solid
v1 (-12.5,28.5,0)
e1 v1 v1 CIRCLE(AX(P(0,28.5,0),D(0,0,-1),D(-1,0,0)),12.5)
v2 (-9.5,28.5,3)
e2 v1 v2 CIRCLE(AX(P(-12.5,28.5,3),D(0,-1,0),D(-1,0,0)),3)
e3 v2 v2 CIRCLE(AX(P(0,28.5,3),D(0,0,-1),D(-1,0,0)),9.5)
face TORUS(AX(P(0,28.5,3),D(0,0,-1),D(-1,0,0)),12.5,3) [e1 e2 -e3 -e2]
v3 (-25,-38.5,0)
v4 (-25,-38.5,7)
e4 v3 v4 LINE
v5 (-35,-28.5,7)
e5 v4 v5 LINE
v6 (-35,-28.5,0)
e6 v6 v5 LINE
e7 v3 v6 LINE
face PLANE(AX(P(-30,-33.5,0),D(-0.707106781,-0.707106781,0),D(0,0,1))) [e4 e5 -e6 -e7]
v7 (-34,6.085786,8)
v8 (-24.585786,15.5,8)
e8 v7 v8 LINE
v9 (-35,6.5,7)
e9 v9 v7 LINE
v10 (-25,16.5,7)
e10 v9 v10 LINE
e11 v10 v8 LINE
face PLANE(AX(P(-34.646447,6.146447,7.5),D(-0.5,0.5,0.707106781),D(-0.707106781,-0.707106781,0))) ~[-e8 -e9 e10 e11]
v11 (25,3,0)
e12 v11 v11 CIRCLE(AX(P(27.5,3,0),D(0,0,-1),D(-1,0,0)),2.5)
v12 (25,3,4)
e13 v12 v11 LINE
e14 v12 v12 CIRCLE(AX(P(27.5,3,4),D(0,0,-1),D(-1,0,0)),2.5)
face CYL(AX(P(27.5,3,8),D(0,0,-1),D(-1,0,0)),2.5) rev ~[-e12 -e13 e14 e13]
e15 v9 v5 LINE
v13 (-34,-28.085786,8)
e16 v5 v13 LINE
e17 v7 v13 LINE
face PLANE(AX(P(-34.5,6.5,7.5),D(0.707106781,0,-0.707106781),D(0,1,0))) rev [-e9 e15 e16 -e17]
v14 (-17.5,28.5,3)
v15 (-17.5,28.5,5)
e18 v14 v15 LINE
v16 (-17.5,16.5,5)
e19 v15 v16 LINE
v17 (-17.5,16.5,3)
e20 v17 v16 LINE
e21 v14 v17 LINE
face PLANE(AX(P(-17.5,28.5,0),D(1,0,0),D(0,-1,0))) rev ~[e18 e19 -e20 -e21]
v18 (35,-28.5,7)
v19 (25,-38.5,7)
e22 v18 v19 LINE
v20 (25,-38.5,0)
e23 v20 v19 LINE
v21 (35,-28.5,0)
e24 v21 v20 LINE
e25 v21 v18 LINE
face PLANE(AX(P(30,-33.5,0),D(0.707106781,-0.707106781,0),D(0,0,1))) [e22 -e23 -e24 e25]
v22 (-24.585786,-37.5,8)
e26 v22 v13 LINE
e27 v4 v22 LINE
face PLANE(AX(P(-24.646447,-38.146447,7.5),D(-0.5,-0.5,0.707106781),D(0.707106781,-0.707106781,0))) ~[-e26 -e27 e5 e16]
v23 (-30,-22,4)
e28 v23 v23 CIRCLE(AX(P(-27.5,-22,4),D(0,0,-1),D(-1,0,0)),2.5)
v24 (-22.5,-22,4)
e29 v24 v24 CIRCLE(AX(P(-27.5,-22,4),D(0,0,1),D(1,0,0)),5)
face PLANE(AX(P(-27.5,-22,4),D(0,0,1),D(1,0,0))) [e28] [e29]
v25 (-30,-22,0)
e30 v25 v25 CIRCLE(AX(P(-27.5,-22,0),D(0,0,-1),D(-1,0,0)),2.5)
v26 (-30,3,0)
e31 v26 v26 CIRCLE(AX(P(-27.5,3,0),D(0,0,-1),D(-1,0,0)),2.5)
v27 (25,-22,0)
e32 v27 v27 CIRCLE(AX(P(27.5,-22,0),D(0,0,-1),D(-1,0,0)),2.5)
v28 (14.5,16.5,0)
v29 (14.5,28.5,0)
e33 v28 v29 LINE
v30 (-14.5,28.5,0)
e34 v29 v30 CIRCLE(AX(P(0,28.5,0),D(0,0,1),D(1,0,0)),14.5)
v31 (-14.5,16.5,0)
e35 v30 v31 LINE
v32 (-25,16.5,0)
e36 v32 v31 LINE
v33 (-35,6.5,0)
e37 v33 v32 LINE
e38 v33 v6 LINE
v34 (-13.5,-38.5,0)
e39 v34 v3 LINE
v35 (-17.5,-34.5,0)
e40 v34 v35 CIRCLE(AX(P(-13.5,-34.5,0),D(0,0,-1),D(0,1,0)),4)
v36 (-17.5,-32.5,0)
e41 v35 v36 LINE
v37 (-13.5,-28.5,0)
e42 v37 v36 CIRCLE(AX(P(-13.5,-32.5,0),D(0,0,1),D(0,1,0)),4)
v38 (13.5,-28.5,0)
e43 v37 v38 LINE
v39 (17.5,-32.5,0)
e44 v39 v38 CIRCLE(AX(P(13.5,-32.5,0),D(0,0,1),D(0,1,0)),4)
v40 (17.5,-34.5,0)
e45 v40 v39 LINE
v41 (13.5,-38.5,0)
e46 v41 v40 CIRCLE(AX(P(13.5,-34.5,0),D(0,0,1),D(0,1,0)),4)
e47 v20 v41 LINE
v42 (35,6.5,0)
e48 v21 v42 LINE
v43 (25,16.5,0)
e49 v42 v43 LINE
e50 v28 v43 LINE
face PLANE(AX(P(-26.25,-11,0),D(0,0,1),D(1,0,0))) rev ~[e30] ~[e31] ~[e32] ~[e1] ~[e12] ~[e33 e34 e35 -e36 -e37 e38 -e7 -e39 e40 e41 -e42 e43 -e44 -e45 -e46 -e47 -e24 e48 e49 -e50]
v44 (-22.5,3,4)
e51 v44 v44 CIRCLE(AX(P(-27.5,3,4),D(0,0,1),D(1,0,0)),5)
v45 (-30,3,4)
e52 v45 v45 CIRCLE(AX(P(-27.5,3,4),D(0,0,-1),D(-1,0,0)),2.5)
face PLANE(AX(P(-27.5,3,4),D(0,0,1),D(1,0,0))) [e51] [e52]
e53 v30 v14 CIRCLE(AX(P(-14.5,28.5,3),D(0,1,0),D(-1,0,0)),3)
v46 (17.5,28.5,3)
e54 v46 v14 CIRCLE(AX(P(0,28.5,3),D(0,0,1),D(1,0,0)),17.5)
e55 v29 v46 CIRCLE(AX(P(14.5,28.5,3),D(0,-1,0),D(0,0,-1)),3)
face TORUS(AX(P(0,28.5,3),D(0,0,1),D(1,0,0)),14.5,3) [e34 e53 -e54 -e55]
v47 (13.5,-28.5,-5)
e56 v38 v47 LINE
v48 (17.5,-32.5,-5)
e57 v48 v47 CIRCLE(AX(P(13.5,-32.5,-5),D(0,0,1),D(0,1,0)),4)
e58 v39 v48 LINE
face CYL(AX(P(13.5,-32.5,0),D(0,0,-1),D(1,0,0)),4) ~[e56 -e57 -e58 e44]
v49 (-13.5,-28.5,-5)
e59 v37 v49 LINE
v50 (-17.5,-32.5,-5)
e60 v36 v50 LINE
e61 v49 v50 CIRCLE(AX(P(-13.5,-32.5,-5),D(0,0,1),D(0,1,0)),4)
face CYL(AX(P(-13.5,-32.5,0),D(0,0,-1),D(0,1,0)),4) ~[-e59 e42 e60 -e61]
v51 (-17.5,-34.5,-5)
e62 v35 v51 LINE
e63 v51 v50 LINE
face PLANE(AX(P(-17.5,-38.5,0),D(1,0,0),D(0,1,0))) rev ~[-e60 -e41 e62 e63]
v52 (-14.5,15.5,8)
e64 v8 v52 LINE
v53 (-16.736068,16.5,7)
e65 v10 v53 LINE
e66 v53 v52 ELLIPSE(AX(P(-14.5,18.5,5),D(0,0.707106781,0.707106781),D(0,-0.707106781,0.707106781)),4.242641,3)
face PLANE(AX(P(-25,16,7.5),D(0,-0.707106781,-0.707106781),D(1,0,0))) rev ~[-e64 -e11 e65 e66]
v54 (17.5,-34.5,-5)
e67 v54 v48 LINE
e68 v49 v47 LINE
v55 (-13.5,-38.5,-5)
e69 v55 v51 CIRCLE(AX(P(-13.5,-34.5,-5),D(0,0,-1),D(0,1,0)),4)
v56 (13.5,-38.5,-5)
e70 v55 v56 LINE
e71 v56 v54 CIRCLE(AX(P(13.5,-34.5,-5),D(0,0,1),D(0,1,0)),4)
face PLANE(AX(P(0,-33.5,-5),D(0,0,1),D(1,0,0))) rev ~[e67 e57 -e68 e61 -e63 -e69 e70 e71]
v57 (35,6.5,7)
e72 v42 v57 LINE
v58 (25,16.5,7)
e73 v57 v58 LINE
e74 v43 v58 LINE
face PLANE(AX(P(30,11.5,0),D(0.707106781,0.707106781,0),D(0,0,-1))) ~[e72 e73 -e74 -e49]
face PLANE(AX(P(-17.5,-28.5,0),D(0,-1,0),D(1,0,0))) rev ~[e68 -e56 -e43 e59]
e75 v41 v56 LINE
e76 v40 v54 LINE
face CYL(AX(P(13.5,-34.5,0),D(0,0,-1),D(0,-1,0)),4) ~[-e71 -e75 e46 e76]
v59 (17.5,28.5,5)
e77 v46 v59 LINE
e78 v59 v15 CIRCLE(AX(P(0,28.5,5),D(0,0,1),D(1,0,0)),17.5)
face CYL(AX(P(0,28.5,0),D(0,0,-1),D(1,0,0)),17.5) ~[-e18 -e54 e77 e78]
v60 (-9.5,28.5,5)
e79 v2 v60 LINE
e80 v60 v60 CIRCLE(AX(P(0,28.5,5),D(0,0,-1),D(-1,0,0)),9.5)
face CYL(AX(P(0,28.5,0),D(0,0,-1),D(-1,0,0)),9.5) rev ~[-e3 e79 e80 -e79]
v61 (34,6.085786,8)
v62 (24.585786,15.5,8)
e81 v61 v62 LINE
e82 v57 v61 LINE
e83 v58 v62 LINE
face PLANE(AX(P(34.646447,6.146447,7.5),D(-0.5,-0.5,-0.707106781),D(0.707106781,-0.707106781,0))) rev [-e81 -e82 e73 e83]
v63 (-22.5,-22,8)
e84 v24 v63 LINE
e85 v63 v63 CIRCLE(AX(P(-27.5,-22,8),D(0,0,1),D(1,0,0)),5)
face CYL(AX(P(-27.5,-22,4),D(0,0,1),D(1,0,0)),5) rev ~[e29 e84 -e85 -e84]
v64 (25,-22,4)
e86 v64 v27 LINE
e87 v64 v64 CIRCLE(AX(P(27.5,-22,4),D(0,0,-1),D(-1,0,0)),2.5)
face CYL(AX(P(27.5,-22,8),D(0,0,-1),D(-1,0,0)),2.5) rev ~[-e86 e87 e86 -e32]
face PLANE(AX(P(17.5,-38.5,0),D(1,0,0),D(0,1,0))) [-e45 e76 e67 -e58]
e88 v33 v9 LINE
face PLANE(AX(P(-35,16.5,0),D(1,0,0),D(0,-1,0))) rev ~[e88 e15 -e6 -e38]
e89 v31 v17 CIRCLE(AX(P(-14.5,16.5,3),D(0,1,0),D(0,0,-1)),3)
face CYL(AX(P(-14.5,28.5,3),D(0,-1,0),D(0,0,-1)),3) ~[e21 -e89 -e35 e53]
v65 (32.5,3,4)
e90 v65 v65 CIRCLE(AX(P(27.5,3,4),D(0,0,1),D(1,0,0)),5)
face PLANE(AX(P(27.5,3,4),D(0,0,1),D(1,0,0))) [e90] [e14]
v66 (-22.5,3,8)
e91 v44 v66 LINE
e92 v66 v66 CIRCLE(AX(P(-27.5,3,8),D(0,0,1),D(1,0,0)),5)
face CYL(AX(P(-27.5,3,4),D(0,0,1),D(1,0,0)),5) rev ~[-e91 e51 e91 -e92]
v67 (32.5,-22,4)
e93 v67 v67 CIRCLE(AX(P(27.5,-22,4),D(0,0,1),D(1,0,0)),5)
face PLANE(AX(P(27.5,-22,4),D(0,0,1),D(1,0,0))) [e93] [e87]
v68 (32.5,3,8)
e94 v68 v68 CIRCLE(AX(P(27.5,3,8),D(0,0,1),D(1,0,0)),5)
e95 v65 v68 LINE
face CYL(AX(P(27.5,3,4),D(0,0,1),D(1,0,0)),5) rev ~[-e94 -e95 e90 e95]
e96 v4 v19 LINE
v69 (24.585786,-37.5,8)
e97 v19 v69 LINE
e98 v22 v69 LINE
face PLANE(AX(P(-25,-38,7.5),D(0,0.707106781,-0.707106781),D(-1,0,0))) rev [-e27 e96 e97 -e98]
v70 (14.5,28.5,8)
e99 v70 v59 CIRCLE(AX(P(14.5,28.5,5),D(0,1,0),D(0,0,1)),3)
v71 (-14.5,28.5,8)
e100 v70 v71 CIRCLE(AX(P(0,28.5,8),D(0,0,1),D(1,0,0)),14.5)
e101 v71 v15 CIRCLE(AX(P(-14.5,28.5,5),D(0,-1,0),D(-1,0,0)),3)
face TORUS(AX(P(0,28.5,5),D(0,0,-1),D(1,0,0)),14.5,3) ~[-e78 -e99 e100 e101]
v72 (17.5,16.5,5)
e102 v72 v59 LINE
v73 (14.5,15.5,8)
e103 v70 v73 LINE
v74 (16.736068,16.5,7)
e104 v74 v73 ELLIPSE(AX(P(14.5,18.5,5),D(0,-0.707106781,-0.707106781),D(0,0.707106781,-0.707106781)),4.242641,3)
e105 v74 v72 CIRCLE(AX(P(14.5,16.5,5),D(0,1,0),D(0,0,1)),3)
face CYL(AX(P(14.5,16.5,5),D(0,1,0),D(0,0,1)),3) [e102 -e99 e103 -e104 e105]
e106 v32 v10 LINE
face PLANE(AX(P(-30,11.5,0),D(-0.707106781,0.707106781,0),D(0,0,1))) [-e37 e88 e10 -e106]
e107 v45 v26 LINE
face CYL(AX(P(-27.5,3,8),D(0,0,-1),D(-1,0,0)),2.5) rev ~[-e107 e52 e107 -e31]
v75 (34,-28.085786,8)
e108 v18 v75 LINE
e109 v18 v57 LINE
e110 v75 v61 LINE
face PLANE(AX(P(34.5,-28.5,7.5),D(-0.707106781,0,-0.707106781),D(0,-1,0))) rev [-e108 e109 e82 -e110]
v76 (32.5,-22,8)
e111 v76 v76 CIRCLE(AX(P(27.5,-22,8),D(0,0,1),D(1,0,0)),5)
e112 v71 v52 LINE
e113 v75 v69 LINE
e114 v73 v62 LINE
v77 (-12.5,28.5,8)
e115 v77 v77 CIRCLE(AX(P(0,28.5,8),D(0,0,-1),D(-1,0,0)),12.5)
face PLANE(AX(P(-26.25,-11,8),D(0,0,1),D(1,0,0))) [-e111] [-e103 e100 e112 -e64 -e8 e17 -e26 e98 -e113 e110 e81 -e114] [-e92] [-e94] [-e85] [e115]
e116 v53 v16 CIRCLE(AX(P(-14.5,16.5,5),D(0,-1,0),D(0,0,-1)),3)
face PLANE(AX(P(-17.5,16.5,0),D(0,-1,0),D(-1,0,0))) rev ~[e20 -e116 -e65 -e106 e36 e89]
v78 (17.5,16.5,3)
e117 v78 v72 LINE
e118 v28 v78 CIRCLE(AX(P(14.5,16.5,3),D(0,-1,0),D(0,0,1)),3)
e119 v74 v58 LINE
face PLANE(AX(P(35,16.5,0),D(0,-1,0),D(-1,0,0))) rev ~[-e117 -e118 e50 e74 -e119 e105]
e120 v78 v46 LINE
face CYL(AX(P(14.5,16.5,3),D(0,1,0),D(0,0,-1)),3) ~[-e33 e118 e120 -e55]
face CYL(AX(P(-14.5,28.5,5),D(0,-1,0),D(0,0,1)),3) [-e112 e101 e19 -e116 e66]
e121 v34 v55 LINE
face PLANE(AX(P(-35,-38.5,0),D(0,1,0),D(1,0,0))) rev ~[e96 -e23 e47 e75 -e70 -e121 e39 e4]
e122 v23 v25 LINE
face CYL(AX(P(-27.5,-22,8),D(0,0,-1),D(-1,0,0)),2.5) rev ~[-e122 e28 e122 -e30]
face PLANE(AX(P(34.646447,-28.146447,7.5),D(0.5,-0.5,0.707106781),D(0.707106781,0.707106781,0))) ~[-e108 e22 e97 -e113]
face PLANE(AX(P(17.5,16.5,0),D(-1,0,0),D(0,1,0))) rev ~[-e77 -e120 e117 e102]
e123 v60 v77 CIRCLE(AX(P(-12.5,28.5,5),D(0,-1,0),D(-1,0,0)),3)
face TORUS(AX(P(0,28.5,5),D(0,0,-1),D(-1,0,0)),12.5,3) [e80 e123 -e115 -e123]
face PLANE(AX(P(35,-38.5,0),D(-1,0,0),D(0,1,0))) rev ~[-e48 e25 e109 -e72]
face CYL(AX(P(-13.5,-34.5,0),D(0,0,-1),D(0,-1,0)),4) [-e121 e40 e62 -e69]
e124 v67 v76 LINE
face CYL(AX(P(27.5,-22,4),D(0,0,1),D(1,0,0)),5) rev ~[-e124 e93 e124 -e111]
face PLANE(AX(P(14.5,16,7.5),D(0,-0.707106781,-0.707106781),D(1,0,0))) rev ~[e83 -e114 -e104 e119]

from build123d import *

# Parameters (mm, degrees)
F0_W           = 35
F0_H           = 45
F0_H_2         = 10
F1_DEPTH       = 8
F2_DEPTH       = 5
F3_R           = 4
F4_R           = 3
F5_SIZE        = 10
F7_D           = 5
F7_DEPTH       = 18
F7_CBORE_D     = 10
F7_CBORE_DEPTH = 4
F7_TIP         = 1.5021515476
F8_SIZE        = 1


with BuildPart() as f1:
    # F0 (on Top) → F1 (new body)
    with BuildSketch(Plane.XY):
        Polygon((-17.5, -28.5), (-17.5, 16.5), (-35, 16.5), (-35, -38.5), (-17.5, -38.5), align=None)
        with Locations((0, -6)):
            Rectangle(F0_W, F0_H)
        Polygon((35, 16.5), (17.5, 16.5), (17.5, -28.5), (17.5, -38.5), (35, -38.5), align=None)
        with Locations((0, -33.5)):
            Rectangle(F0_W, F0_H_2)
        with BuildLine():
            Line((9.5, 28.5), (17.5, 28.5))
            ThreePointArc((17.5, 28.5), (0, 46), (-17.5, 28.5))
            Line((-17.5, 28.5), (-9.5, 28.5))
            ThreePointArc((-9.5, 28.5), (0, 38), (9.5, 28.5))
        make_face()
        with BuildLine():
            Line((17.5, 16.5), (17.5, 28.5))
            Line((17.5, 28.5), (9.5, 28.5))
            ThreePointArc((9.5, 28.5), (0, 19), (-9.5, 28.5))
            Line((-9.5, 28.5), (-17.5, 28.5))
            Line((-17.5, 28.5), (-17.5, 16.5))
            Line((-17.5, 16.5), (17.5, 16.5))
        make_face()
    extrude(amount=F1_DEPTH)

    # F0 (on Top) → F2 (join)
    with BuildSketch(Plane.XY):
        with Locations((0, -33.5)):
            Rectangle(F0_W, F0_H_2)
    extrude(amount=-F2_DEPTH)

    # F3
    f3_edges = [f1.edges().sort_by_distance(p)[0] for p in [
        (17.5, -28.5, -2.5),
        (17.5, -38.5, -2.5),
        (-17.5, -28.5, -2.5),
        (-17.5, -38.5, -2.5),
    ]]
    fillet(f3_edges, radius=F3_R)

    # F4
    f4_edges = [f1.edges().sort_by_distance(p)[0] for p in [
        (0, 46, 8),
        (0, 46, 0),
        (9.5, 28.5, 0),
        (9.5, 28.5, 8),
    ]]
    fillet(f4_edges, radius=F4_R)

    # F5
    f5_edges = [f1.edges().sort_by_distance(p)[0] for p in [
        (-35, 16.5, 4),
        (35, 16.5, 4),
        (35, -38.5, 4),
        (-35, -38.5, 4),
    ]]
    chamfer(f5_edges, length=F5_SIZE)

    # F7
    with Locations(Plane.XY.offset(8)):
        with Locations((-27.5, 3), (27.5, 3), (27.5, -22), (-27.5, -22)):
            CounterBoreHole(F7_D / 2, F7_CBORE_D / 2, F7_CBORE_DEPTH, depth=F7_DEPTH)
            with Locations((0, 0, -(F7_DEPTH + F7_TIP / 2))):  # 118° drill point
                Cone(0, F7_D / 2, F7_TIP, mode=Mode.SUBTRACT)

    # F8
    f8_edges = [f1.edges().sort_by_distance(p)[0] for p in [
        (-35, -11, 8),
        (-30, 11.5, 8),
        (-30, -33.5, 8),
        (0, -38.5, 8),
        (30, -33.5, 8),
        (35, -11, 8),
        (30, 11.5, 8),
        (19.75, 16.5, 8),
        (-19.75, 16.5, 8),
    ]]
    chamfer(f8_edges, length=F8_SIZE)


solid = f1.part
